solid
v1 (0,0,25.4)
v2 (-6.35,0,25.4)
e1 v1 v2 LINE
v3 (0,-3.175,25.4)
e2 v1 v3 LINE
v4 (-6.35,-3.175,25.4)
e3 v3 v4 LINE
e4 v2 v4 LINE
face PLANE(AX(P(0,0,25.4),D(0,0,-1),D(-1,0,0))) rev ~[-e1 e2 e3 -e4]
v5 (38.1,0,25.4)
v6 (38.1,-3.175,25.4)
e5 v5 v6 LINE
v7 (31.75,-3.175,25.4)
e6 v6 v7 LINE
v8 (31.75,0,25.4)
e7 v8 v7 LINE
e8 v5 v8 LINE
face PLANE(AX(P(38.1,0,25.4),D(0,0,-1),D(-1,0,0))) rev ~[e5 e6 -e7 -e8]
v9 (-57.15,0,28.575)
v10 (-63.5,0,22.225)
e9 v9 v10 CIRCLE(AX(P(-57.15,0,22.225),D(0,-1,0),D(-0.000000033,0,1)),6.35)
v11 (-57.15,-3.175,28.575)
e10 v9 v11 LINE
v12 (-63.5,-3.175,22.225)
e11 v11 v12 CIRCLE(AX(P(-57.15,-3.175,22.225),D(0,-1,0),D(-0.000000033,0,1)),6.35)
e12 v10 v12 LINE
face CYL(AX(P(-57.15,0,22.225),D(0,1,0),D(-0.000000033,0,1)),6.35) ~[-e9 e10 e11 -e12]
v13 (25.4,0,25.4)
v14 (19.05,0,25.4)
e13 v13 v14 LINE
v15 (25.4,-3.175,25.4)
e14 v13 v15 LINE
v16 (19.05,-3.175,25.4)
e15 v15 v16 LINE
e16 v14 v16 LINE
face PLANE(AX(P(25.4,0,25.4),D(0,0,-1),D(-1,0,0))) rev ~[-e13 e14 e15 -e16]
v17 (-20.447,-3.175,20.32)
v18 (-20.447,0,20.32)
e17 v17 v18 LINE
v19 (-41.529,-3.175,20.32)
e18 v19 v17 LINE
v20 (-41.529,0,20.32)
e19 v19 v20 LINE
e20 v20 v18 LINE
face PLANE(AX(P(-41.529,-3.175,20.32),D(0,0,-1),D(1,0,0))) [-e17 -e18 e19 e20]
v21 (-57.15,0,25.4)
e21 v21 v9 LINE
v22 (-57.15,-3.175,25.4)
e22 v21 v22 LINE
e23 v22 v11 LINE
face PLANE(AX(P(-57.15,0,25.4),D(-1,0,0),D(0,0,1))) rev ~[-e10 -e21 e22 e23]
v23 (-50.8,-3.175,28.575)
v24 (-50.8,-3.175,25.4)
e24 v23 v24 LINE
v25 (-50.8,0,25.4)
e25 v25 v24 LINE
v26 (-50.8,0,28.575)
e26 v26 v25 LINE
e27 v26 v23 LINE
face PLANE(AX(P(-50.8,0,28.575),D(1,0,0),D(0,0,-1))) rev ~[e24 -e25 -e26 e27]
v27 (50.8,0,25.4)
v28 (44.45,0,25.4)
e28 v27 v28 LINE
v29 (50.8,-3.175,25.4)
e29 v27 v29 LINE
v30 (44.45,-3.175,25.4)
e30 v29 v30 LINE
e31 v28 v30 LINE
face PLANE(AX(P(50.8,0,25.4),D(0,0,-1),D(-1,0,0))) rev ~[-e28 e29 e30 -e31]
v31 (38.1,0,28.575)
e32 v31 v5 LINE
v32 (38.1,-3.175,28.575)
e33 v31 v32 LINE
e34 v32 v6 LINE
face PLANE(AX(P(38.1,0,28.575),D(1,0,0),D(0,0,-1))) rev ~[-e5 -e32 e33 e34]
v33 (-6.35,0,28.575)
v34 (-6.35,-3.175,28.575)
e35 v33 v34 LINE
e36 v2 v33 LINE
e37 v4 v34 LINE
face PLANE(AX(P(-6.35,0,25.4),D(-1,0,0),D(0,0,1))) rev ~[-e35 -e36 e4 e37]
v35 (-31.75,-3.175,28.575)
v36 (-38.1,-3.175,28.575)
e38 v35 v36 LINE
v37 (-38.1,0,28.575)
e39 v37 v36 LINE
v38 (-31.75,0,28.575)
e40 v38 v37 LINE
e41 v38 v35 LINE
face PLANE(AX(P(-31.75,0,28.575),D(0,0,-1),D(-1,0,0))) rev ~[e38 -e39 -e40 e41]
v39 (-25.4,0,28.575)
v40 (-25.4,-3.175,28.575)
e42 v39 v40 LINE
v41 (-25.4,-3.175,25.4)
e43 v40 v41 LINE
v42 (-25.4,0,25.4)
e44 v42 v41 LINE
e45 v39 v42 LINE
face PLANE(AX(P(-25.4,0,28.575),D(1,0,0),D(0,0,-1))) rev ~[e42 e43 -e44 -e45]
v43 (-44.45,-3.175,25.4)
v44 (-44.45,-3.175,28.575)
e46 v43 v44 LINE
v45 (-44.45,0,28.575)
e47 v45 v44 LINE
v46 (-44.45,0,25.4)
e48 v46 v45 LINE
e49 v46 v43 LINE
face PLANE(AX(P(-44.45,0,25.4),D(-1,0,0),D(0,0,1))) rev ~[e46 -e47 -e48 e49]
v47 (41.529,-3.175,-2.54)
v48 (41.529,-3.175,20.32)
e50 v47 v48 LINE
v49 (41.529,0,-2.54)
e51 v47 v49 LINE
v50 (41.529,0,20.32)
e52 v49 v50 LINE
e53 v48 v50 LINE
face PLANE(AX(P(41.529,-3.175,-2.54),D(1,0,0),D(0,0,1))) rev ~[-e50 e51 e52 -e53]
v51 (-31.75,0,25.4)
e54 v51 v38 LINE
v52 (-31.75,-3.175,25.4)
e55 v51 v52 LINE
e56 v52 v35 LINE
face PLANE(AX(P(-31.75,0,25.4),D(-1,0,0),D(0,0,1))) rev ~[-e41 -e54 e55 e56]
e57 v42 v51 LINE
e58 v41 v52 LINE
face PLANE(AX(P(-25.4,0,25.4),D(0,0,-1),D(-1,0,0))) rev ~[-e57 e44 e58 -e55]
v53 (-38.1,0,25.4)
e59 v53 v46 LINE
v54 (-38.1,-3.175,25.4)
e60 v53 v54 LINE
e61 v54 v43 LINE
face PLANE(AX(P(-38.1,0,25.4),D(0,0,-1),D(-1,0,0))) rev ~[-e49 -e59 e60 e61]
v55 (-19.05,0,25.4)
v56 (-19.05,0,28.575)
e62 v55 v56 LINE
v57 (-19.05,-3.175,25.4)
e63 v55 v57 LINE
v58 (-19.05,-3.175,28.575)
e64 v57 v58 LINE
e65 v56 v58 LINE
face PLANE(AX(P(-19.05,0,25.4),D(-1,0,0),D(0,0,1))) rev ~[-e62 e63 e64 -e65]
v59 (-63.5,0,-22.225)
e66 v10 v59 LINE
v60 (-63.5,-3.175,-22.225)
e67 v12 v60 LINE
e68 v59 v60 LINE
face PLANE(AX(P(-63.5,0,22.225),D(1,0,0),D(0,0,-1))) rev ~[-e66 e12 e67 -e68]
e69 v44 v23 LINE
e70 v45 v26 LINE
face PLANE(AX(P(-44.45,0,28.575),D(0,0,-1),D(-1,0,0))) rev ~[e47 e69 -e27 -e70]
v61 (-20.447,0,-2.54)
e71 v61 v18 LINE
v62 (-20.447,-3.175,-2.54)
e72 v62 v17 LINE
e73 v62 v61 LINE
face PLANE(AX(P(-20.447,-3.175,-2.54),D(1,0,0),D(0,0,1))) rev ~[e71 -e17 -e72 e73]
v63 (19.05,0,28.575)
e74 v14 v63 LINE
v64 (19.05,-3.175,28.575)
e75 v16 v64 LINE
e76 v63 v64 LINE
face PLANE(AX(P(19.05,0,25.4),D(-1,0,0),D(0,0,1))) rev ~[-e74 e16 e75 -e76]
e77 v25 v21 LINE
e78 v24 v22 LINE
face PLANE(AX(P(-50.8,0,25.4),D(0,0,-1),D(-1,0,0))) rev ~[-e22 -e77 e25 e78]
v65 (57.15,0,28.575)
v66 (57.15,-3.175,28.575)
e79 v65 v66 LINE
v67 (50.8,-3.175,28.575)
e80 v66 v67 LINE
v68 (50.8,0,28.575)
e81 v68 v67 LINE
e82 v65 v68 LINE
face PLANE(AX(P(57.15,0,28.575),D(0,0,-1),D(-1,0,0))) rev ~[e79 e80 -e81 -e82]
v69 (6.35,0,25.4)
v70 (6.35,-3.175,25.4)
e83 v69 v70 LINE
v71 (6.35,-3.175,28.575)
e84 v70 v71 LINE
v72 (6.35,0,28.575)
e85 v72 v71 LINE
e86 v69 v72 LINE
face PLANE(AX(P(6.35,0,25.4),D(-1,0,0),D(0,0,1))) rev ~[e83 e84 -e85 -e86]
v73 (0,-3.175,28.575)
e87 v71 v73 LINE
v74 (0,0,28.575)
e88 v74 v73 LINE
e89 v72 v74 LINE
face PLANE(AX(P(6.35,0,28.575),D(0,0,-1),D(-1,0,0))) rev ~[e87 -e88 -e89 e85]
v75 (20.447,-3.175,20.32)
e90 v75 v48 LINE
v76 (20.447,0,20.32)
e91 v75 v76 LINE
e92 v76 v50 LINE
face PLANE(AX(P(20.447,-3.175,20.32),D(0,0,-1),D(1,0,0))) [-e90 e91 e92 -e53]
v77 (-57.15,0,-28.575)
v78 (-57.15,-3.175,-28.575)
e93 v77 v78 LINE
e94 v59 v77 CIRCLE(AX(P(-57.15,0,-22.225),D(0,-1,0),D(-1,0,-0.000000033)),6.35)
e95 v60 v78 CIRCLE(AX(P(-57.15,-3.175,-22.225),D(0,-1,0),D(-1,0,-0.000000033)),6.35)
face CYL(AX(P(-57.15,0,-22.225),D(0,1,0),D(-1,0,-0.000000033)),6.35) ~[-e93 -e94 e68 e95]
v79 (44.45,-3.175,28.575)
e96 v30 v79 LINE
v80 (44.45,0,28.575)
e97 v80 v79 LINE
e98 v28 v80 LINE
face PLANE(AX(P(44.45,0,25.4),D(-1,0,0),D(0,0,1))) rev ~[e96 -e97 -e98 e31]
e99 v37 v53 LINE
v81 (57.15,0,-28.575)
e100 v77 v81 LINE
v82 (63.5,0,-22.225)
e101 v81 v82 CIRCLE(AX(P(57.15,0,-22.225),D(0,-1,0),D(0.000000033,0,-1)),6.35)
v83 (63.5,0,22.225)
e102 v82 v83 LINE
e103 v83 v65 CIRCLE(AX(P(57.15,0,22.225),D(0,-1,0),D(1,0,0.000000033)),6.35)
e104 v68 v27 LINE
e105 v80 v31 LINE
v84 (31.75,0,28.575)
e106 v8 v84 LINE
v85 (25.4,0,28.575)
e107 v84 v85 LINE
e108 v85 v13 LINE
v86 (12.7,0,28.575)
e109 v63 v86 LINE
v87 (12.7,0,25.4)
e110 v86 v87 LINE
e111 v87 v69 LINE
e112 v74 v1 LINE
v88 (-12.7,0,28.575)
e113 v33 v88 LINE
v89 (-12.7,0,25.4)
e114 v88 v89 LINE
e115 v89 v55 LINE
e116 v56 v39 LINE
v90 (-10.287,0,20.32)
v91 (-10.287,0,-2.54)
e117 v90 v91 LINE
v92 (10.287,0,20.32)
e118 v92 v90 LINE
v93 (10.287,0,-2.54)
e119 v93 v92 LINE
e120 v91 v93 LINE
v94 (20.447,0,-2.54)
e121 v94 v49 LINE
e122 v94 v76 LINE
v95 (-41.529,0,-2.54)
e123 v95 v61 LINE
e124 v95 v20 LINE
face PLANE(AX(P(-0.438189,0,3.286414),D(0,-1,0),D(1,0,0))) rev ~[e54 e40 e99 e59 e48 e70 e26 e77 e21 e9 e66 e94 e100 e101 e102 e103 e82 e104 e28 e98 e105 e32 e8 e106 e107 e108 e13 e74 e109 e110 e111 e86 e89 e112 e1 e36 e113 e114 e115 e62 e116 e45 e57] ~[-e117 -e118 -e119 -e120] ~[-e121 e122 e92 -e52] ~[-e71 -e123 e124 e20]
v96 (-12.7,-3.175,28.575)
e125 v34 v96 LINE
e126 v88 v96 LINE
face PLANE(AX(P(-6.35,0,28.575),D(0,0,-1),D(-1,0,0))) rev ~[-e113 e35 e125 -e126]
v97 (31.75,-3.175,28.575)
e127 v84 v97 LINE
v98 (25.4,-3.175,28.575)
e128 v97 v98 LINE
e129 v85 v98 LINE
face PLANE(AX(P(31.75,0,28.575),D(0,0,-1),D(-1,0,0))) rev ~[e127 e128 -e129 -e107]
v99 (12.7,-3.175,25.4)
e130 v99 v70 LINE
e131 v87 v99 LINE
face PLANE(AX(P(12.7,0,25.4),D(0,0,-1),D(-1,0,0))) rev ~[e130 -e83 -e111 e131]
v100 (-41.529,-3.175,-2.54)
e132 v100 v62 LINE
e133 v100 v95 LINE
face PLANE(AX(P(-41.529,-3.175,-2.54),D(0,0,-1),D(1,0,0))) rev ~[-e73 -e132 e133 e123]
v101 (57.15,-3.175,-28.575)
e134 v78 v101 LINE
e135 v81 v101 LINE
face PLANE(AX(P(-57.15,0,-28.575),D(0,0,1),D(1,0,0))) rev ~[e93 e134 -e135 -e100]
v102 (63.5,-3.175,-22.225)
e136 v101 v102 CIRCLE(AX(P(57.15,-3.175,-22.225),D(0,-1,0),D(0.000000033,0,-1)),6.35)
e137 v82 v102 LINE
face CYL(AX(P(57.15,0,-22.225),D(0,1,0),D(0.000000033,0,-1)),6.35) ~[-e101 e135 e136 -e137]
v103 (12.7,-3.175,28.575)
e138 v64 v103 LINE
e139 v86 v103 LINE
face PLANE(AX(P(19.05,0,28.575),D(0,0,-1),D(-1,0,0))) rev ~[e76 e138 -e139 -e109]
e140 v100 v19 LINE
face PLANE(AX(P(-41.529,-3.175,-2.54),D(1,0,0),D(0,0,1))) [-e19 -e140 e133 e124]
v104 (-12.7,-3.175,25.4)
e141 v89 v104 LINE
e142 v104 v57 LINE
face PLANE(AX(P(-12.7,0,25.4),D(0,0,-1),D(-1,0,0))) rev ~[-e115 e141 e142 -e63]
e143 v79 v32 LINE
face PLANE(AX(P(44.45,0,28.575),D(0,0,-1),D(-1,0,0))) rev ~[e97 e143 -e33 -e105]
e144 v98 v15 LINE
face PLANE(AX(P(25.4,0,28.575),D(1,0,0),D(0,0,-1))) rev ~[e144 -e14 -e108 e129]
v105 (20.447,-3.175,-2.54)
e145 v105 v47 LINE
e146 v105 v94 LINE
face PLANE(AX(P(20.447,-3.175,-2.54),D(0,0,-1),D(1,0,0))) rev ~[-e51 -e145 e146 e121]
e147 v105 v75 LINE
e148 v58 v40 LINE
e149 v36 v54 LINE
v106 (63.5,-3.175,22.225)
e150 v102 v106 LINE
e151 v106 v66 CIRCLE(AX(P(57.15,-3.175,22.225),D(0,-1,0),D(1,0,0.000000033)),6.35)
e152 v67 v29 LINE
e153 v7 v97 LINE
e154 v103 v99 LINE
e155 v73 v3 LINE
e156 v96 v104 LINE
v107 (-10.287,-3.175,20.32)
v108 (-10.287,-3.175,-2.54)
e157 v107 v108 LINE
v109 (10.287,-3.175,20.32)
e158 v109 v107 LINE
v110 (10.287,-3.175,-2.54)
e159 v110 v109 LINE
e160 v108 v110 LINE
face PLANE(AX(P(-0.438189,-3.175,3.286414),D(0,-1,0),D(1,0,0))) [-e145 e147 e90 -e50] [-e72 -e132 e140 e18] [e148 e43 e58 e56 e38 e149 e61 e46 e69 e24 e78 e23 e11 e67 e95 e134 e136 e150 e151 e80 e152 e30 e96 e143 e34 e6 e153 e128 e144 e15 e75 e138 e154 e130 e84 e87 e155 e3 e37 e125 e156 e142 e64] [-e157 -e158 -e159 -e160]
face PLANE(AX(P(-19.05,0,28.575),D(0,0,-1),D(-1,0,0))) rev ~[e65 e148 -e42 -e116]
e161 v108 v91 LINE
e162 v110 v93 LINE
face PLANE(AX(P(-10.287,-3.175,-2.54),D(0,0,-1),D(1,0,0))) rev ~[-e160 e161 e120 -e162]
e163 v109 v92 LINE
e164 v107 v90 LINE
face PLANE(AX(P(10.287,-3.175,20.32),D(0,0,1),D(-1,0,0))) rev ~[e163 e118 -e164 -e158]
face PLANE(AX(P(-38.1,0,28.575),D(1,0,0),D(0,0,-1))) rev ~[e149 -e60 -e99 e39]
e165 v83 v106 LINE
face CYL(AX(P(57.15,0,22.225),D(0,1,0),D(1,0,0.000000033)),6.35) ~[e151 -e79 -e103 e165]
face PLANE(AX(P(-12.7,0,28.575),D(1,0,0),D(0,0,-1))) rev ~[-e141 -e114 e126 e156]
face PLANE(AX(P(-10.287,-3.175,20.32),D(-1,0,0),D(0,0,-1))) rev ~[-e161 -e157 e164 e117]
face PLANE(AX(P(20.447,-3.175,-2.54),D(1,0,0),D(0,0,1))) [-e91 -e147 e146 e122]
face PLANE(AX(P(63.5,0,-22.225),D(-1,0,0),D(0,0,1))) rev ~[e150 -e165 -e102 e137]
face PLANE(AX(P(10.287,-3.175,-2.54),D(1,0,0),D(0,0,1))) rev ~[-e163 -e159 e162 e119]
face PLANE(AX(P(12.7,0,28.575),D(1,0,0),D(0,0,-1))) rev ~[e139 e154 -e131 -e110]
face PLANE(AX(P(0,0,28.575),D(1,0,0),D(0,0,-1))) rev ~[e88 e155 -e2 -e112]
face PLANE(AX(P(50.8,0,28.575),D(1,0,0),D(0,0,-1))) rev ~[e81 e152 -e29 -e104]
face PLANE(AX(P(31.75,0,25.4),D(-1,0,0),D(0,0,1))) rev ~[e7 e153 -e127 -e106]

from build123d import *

# Parameters (mm, degrees)
F1_DEPTH = 3.175
F2_W     = 21.082
F2_H     = 22.86
F3_DEPTH = 25.4


with BuildPart() as f1:
    # F0 (on Front) → F1 (new body)
    with BuildSketch(Plane.XZ):
        with BuildLine():
            ThreePointArc((63.5, 22.225), (61.640128, 26.715128), (57.15, 28.575))
            Line((57.15, 28.575), (50.8, 28.575))
            Line((50.8, 28.575), (50.8, 25.4))
            Line((50.8, 25.4), (44.45, 25.4))
            Line((44.45, 25.4), (44.45, 28.575))
            Line((44.45, 28.575), (38.1, 28.575))
            Line((38.1, 28.575), (38.1, 25.4))
            Line((38.1, 25.4), (31.75, 25.4))
            Line((31.75, 25.4), (31.75, 28.575))
            Line((31.75, 28.575), (25.4, 28.575))
            Line((25.4, 28.575), (25.4, 25.4))
            Line((25.4, 25.4), (19.05, 25.4))
            Line((19.05, 25.4), (19.05, 28.575))
            Line((19.05, 28.575), (12.7, 28.575))
            Line((12.7, 28.575), (12.7, 25.4))
            Line((12.7, 25.4), (6.35, 25.4))
            Line((6.35, 25.4), (6.35, 28.575))
            Line((6.35, 28.575), (0, 28.575))
            Line((0, 28.575), (0, 25.4))
            Line((0, 25.4), (-6.35, 25.4))
            Line((-6.35, 25.4), (-6.35, 28.575))
            Line((-6.35, 28.575), (-12.7, 28.575))
            Line((-12.7, 28.575), (-12.7, 25.4))
            Line((-12.7, 25.4), (-19.05, 25.4))
            Line((-19.05, 25.4), (-19.05, 28.575))
            Line((-19.05, 28.575), (-25.4, 28.575))
            Line((-25.4, 28.575), (-25.4, 25.4))
            Line((-25.4, 25.4), (-31.75, 25.4))
            Line((-31.75, 25.4), (-31.75, 28.575))
            Line((-31.75, 28.575), (-38.1, 28.575))
            Line((-38.1, 28.575), (-38.1, 25.4))
            Line((-38.1, 25.4), (-44.45, 25.4))
            Line((-44.45, 25.4), (-44.45, 28.575))
            Line((-44.45, 28.575), (-50.8, 28.575))
            Line((-50.8, 28.575), (-50.8, 25.4))
            Line((-50.8, 25.4), (-57.15, 25.4))
            Line((-57.15, 25.4), (-57.15, 28.575))
            ThreePointArc((-57.15, 28.575), (-61.640128, 26.715128), (-63.5, 22.225))
            Line((-63.5, 22.225), (-63.5, -22.225))
            ThreePointArc((-63.5, -22.225), (-61.640128, -26.715128), (-57.15, -28.575))
            Line((-57.15, -28.575), (57.15, -28.575))
            ThreePointArc((57.15, -28.575), (61.640128, -26.715128), (63.5, -22.225))
            Line((63.5, -22.225), (63.5, 22.225))
        make_face()
    extrude(amount=F1_DEPTH)

    # F2 (on face) → F3 (cut)
    with BuildSketch(Plane.XZ.offset(3.175)):
        with Locations((-30.988, 8.89)):
            Rectangle(F2_W, F2_H)
        Polygon((10.287, 20.32), (0, 20.32), (-10.287, 20.32), (-10.287, -2.54), (0, -2.54), (10.287, -2.54), align=None)
        with Locations((30.988, 8.89)):
            Rectangle(F2_W, F2_H)
    extrude(amount=-F3_DEPTH, mode=Mode.SUBTRACT)


solid = f1.part
